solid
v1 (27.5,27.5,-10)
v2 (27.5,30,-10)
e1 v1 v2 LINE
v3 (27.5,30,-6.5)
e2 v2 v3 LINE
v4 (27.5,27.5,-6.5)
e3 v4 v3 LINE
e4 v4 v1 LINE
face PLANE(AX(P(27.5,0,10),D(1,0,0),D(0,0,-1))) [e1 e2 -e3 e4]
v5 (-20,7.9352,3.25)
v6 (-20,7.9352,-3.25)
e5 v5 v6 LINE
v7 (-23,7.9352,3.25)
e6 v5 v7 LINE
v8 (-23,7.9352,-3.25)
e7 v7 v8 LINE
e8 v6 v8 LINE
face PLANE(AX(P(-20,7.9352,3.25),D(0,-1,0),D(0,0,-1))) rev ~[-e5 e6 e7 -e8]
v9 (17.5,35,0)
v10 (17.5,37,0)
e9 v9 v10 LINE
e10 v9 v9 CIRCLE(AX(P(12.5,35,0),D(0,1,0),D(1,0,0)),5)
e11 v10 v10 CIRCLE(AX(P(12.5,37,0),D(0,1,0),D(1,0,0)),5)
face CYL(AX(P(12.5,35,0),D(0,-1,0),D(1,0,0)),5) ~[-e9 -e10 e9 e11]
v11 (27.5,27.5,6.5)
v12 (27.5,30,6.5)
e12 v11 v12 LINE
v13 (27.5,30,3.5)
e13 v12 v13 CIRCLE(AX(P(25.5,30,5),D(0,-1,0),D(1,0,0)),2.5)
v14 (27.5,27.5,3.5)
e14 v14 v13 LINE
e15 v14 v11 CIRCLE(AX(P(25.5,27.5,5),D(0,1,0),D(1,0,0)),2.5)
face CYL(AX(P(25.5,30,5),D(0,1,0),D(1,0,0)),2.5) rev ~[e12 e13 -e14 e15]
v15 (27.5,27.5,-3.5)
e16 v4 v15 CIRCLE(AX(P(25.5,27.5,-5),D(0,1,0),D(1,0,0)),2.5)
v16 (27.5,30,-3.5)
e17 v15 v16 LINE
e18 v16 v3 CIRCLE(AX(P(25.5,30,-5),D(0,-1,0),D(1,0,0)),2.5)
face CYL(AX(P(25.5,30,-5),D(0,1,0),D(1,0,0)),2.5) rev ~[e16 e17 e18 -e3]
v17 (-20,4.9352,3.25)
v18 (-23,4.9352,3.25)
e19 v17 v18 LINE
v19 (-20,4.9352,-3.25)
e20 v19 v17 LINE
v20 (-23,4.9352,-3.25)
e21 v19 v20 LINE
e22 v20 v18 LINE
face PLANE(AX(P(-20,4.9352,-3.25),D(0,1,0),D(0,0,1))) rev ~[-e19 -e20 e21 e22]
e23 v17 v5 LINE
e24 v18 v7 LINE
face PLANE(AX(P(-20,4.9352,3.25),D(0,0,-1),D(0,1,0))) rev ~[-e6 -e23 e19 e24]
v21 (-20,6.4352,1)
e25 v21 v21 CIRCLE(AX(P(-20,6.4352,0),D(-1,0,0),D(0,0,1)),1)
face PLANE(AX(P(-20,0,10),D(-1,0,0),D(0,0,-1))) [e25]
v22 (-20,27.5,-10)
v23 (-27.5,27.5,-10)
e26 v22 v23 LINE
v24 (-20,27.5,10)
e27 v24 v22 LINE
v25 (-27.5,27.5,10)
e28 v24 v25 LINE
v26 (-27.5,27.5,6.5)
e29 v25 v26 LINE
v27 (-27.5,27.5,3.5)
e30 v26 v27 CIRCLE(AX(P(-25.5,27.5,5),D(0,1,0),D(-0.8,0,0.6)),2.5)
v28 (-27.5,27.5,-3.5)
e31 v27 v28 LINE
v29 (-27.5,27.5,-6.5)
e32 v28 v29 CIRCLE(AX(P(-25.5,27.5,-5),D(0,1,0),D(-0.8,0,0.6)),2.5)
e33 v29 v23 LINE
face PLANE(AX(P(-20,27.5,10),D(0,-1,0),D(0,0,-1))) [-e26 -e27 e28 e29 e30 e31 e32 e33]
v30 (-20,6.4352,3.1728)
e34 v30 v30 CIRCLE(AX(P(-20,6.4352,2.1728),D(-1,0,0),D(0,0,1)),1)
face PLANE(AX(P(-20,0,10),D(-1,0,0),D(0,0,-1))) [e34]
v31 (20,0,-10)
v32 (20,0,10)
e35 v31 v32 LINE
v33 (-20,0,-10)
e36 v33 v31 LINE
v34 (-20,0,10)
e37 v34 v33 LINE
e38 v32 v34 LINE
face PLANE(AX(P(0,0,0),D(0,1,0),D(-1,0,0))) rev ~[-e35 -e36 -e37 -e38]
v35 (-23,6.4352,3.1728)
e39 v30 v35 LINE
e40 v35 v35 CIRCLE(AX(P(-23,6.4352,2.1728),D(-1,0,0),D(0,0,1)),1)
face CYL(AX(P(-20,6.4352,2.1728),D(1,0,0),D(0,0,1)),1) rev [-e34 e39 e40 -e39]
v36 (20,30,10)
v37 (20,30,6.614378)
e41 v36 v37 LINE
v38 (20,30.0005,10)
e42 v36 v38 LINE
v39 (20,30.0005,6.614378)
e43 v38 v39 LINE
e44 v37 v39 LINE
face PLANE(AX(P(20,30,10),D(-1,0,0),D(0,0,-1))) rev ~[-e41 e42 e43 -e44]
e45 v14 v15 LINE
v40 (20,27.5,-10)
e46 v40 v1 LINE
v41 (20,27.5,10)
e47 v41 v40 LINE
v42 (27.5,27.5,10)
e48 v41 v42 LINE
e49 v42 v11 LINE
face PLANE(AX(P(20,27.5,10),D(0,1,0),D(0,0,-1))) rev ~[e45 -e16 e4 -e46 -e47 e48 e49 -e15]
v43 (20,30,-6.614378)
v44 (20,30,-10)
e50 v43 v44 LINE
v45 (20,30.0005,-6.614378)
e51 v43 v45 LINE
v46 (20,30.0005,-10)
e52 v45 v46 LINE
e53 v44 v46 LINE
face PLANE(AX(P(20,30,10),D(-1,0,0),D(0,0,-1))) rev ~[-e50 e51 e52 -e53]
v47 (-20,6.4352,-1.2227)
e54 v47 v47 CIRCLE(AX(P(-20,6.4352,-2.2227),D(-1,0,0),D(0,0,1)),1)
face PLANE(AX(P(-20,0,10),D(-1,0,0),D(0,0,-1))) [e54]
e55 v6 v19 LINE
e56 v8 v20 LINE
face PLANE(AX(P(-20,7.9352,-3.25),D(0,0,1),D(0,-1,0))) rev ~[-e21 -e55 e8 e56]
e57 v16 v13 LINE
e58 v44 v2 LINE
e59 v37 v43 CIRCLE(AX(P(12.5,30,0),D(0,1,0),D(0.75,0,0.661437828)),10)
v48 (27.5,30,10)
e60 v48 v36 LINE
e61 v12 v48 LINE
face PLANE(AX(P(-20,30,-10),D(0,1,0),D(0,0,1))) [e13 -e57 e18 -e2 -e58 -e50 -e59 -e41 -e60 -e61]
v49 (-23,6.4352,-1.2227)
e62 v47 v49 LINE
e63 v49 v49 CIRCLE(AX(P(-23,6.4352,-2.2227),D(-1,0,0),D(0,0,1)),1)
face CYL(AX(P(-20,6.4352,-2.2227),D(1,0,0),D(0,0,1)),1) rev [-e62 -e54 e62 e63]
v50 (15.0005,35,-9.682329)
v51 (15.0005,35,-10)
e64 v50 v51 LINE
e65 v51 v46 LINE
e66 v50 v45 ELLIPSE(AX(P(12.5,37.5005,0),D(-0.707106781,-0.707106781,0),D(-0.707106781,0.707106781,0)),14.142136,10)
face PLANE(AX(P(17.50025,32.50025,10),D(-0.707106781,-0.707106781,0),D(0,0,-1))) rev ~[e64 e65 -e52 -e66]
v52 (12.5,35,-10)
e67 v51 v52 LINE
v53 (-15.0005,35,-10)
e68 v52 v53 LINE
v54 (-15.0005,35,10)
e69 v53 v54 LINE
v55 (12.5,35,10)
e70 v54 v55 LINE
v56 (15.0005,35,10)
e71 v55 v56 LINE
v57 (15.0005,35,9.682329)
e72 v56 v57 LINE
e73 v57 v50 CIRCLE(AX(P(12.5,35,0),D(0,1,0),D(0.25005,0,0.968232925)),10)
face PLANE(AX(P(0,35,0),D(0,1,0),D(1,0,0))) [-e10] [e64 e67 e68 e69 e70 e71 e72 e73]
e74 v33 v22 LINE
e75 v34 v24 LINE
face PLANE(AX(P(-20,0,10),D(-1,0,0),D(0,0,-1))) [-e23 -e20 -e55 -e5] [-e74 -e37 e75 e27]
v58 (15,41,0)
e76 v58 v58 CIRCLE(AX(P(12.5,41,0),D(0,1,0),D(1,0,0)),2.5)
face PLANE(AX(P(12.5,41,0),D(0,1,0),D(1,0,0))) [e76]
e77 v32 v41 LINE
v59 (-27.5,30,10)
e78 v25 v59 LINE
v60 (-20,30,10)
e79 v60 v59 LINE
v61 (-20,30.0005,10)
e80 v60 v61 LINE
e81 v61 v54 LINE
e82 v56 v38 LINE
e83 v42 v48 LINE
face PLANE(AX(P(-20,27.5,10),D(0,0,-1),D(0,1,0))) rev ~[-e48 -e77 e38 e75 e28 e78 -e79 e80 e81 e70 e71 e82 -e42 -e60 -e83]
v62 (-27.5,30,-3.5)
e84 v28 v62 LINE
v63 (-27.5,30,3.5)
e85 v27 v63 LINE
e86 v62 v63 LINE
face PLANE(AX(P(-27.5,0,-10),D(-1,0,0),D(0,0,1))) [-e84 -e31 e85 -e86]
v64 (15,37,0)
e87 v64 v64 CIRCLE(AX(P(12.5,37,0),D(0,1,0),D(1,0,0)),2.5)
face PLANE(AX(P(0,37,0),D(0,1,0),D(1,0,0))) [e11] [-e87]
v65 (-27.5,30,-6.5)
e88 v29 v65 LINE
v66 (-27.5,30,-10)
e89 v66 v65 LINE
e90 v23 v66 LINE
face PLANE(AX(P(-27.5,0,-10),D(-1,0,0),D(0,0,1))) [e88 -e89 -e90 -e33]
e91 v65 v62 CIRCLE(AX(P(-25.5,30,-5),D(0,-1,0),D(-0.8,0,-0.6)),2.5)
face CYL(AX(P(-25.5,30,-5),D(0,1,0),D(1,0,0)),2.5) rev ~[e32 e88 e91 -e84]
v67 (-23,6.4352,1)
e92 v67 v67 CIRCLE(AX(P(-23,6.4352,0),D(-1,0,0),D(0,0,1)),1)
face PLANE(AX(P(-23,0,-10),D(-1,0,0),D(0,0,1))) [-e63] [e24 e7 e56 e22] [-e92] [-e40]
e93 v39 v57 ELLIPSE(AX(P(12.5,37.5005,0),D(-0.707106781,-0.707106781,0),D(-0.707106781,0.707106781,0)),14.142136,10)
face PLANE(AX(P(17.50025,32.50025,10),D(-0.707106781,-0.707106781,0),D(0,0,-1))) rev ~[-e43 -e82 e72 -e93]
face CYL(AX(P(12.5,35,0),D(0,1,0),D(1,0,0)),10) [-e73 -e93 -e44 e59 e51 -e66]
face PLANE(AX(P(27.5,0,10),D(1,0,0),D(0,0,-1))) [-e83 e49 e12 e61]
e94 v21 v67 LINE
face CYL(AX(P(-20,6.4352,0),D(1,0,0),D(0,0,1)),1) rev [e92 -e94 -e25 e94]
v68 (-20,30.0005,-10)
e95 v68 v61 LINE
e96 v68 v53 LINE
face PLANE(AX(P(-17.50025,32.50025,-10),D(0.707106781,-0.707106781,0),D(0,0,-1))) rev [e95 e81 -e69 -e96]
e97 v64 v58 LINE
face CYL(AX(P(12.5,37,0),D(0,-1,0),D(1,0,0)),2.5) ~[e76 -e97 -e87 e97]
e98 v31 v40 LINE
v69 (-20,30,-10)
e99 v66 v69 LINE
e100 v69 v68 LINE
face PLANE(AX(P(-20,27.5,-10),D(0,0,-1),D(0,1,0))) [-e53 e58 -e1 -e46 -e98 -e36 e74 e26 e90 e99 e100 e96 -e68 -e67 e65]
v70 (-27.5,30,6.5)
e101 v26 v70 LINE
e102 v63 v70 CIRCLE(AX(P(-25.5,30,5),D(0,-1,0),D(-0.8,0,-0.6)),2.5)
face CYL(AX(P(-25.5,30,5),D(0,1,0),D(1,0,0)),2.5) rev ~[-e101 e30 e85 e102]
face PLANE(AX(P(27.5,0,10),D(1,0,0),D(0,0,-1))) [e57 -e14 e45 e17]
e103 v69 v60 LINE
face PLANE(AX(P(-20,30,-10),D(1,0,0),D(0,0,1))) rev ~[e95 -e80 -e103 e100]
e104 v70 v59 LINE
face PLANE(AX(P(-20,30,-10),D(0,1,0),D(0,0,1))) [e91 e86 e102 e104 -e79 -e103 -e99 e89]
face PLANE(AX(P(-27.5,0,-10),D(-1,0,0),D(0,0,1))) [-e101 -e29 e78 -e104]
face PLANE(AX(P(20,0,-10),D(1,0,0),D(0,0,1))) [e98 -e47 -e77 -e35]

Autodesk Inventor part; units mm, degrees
ref_plane "YZ Plane" through (0, 0, 0) normal (1, 0, 0) x (0, 1, 0)
ref_plane "XZ Plane" through (0, 0, 0) normal (0, 1, 0) x (-1, 0, 0)
ref_plane "XY Plane" through (0, 0, 0) normal (0, 0, 1) x (1, 0, 0)
sketch "Sketch1" plane through (0, 0, 0) normal (0, 1, 0) x (-1, 0, 0)
  line L0 (20, -10) -> (-20, -10)
  line L1 (-20, -10) -> (-20, 10)
  line L2 (-20, 10) -> (20, 10)
  line L3 (20, 10) -> (20, -10)
  line L4 (20, -10) -> (-20, 10) construction
  line L5 (-20, -10) -> (20, 10) construction
  point P0 (0, 0)
  dimension "d0" = 40
  dimension "d1" = 20
extrude "Extrusion1" add sketch "Sketch1" along normal blind 30
sketch "Sketch2" plane through (20, 0, 10) normal (1, 0, 0) x (0, 0, -1)
  line L0 (0, 0) -> (0, 30) projected
  line L1 (20, 30) -> (0, 30)
  line L2 (0, 30) -> (0, 27.5)
  line L3 (0, 27.5) -> (20, 27.5)
  line L4 (20, 27.5) -> (20, 30)
  point P0 (10, 0)
  dimension "d4" = 2.5
extrude "Extrusion2" add sketch "Sketch2" along normal blind 7.5
sketch "Sketch3" plane through (-20, 0, -10) normal (-1, 0, 0) x (0, 0, 1)
  line L0 (20, 0) -> (20, 30) projected
  line L1 (0, 30) -> (20, 30)
  line L2 (20, 30) -> (20, 27.5)
  line L3 (20, 27.5) -> (0, 27.5)
  line L4 (0, 27.5) -> (0, 30)
  point P0 (10, 0)
  dimension "d7" = 2.5
extrude "Extrusion3" add sketch "Sketch3" along normal blind 7.5
sketch "Sketch4" plane through (0, 30, 0) normal (0, 1, 0) x (1, 0, 0)
  line L0 (20, 10) -> (-20, 10)
  line L1 (-20, 10) -> (-20, -10)
  line L2 (-20, -10) -> (20, -10)
  line L3 (20, -10) -> (20, 10)
  line L4 (20, 10) -> (-20, -10) construction
  line L5 (-20, 10) -> (20, -10) construction
  point P0 (0, 0)
extrude "Extrusion4" add sketch "Sketch4" along normal blind 5
chamfer "Chamfer1" distance 5 angle 45 1 edges at (-20, 35, 0)
chamfer "Chamfer2" distance 5 angle 45 1 edges at (20, 35, 0)
sketch "Sketch5" plane through (0, 35, 0) normal (0, 1, 0) x (1, 0, 0)
  circle A0 centre (12.5, 0) radius 10
  line L0 (15, 10) -> (-15, 10) projected
  line L1 (27.5, 10) -> (27.5, -10) projected
  point P0 (0, 0)
  dimension "d18" = 15
extrude "Extrusion5" add sketch "Sketch5" against normal blind 5
sketch "Sketch6" plane through (0, 30, 0) normal (0, 1, 0) x (1, 0, 0)
  circle A0 centre (25.5, -5) radius 2.5
  line L0 (27.5, -10) -> (20, -10) projected
  line L1 (27.5, -10) -> (27.5, 10) projected
  circle A1 centre (25.5, 5) radius 2.5
  line L2 (20, 10) -> (27.5, 10) projected
  point P0 (0, 0)
  dimension "d21" = 5
  dimension "d22" = 5
  dimension "d23" = 2
  dimension "d24" = 5
  dimension "d25" = 5
  dimension "d26" = 2
extrude "Extrusion6" cut sketch "Sketch6" against normal blind 5
sketch "Sketch7" plane through (0, 30, 0) normal (0, 1, 0) x (1, 0, 0)
  circle A0 centre (-25.5, 5) radius 2.5
  circle A1 centre (-25.5, -5) radius 2.5
  line L0 (-27.5, -10) -> (-27.5, 10) projected
  line L1 (-20, -10) -> (-27.5, -10) projected
  line L2 (-27.5, 10) -> (-20, 10) projected
  point P0 (0, 0)
  dimension "d29" = 5
  dimension "d30" = 5
  dimension "d31" = 2
  dimension "d32" = 2
  dimension "d33" = 5
  dimension "d34" = 5
extrude "Extrusion7" cut sketch "Sketch7" against normal blind 5
sketch "Sketch8" plane through (0, 35, 0) normal (0, 1, 0) x (1, 0, 0)
  circle A0 centre (12.5, 0) radius 5
  line L0 (27.5, 3.5) -> (27.5, -3.5) projected
  point P0 (0, 0)
  dimension "d37" = 10
  dimension "d38" = 15
extrude "Extrusion8" add sketch "Sketch8" along normal blind 2
sketch "Sketch9" plane through (12.5, 37, 0) normal (0, 1, 0) x (1, 0, 0)
  circle A0 centre (0, 0) radius 2.5
  point P0 (-12.5, 0)
  dimension "d41" = 5
extrude "Extrusion9" add sketch "Sketch9" along normal blind 4
sketch "Sketch10" plane through (-20, 0, -10) normal (-1, 0, 0) x (0, 0, 1)
  line L0 (13.25, 7.9352) -> (6.75, 7.9352)
  line L1 (6.75, 7.9352) -> (6.75, 4.9352)
  line L2 (6.75, 4.9352) -> (13.25, 4.9352)
  line L3 (13.25, 4.9352) -> (13.25, 7.9352)
  line L4 (13.25, 7.9352) -> (6.75, 4.9352) construction
  line L5 (6.75, 7.9352) -> (13.25, 4.9352) construction
  circle A0 centre (10, 6.4352) radius 1
  circle A1 centre (12.1728, 6.4352) radius 1
  circle A2 centre (7.7773, 6.4352) radius 1
  point P0 (10, 0)
  dimension "d44" = 6.5
  dimension "d45" = 3
  dimension "d46" = 2
  dimension "d47" = 2
  dimension "d48" = 2
extrude "Extrusion10" add sketch "Sketch10" along normal blind 3
properties part number "block"
